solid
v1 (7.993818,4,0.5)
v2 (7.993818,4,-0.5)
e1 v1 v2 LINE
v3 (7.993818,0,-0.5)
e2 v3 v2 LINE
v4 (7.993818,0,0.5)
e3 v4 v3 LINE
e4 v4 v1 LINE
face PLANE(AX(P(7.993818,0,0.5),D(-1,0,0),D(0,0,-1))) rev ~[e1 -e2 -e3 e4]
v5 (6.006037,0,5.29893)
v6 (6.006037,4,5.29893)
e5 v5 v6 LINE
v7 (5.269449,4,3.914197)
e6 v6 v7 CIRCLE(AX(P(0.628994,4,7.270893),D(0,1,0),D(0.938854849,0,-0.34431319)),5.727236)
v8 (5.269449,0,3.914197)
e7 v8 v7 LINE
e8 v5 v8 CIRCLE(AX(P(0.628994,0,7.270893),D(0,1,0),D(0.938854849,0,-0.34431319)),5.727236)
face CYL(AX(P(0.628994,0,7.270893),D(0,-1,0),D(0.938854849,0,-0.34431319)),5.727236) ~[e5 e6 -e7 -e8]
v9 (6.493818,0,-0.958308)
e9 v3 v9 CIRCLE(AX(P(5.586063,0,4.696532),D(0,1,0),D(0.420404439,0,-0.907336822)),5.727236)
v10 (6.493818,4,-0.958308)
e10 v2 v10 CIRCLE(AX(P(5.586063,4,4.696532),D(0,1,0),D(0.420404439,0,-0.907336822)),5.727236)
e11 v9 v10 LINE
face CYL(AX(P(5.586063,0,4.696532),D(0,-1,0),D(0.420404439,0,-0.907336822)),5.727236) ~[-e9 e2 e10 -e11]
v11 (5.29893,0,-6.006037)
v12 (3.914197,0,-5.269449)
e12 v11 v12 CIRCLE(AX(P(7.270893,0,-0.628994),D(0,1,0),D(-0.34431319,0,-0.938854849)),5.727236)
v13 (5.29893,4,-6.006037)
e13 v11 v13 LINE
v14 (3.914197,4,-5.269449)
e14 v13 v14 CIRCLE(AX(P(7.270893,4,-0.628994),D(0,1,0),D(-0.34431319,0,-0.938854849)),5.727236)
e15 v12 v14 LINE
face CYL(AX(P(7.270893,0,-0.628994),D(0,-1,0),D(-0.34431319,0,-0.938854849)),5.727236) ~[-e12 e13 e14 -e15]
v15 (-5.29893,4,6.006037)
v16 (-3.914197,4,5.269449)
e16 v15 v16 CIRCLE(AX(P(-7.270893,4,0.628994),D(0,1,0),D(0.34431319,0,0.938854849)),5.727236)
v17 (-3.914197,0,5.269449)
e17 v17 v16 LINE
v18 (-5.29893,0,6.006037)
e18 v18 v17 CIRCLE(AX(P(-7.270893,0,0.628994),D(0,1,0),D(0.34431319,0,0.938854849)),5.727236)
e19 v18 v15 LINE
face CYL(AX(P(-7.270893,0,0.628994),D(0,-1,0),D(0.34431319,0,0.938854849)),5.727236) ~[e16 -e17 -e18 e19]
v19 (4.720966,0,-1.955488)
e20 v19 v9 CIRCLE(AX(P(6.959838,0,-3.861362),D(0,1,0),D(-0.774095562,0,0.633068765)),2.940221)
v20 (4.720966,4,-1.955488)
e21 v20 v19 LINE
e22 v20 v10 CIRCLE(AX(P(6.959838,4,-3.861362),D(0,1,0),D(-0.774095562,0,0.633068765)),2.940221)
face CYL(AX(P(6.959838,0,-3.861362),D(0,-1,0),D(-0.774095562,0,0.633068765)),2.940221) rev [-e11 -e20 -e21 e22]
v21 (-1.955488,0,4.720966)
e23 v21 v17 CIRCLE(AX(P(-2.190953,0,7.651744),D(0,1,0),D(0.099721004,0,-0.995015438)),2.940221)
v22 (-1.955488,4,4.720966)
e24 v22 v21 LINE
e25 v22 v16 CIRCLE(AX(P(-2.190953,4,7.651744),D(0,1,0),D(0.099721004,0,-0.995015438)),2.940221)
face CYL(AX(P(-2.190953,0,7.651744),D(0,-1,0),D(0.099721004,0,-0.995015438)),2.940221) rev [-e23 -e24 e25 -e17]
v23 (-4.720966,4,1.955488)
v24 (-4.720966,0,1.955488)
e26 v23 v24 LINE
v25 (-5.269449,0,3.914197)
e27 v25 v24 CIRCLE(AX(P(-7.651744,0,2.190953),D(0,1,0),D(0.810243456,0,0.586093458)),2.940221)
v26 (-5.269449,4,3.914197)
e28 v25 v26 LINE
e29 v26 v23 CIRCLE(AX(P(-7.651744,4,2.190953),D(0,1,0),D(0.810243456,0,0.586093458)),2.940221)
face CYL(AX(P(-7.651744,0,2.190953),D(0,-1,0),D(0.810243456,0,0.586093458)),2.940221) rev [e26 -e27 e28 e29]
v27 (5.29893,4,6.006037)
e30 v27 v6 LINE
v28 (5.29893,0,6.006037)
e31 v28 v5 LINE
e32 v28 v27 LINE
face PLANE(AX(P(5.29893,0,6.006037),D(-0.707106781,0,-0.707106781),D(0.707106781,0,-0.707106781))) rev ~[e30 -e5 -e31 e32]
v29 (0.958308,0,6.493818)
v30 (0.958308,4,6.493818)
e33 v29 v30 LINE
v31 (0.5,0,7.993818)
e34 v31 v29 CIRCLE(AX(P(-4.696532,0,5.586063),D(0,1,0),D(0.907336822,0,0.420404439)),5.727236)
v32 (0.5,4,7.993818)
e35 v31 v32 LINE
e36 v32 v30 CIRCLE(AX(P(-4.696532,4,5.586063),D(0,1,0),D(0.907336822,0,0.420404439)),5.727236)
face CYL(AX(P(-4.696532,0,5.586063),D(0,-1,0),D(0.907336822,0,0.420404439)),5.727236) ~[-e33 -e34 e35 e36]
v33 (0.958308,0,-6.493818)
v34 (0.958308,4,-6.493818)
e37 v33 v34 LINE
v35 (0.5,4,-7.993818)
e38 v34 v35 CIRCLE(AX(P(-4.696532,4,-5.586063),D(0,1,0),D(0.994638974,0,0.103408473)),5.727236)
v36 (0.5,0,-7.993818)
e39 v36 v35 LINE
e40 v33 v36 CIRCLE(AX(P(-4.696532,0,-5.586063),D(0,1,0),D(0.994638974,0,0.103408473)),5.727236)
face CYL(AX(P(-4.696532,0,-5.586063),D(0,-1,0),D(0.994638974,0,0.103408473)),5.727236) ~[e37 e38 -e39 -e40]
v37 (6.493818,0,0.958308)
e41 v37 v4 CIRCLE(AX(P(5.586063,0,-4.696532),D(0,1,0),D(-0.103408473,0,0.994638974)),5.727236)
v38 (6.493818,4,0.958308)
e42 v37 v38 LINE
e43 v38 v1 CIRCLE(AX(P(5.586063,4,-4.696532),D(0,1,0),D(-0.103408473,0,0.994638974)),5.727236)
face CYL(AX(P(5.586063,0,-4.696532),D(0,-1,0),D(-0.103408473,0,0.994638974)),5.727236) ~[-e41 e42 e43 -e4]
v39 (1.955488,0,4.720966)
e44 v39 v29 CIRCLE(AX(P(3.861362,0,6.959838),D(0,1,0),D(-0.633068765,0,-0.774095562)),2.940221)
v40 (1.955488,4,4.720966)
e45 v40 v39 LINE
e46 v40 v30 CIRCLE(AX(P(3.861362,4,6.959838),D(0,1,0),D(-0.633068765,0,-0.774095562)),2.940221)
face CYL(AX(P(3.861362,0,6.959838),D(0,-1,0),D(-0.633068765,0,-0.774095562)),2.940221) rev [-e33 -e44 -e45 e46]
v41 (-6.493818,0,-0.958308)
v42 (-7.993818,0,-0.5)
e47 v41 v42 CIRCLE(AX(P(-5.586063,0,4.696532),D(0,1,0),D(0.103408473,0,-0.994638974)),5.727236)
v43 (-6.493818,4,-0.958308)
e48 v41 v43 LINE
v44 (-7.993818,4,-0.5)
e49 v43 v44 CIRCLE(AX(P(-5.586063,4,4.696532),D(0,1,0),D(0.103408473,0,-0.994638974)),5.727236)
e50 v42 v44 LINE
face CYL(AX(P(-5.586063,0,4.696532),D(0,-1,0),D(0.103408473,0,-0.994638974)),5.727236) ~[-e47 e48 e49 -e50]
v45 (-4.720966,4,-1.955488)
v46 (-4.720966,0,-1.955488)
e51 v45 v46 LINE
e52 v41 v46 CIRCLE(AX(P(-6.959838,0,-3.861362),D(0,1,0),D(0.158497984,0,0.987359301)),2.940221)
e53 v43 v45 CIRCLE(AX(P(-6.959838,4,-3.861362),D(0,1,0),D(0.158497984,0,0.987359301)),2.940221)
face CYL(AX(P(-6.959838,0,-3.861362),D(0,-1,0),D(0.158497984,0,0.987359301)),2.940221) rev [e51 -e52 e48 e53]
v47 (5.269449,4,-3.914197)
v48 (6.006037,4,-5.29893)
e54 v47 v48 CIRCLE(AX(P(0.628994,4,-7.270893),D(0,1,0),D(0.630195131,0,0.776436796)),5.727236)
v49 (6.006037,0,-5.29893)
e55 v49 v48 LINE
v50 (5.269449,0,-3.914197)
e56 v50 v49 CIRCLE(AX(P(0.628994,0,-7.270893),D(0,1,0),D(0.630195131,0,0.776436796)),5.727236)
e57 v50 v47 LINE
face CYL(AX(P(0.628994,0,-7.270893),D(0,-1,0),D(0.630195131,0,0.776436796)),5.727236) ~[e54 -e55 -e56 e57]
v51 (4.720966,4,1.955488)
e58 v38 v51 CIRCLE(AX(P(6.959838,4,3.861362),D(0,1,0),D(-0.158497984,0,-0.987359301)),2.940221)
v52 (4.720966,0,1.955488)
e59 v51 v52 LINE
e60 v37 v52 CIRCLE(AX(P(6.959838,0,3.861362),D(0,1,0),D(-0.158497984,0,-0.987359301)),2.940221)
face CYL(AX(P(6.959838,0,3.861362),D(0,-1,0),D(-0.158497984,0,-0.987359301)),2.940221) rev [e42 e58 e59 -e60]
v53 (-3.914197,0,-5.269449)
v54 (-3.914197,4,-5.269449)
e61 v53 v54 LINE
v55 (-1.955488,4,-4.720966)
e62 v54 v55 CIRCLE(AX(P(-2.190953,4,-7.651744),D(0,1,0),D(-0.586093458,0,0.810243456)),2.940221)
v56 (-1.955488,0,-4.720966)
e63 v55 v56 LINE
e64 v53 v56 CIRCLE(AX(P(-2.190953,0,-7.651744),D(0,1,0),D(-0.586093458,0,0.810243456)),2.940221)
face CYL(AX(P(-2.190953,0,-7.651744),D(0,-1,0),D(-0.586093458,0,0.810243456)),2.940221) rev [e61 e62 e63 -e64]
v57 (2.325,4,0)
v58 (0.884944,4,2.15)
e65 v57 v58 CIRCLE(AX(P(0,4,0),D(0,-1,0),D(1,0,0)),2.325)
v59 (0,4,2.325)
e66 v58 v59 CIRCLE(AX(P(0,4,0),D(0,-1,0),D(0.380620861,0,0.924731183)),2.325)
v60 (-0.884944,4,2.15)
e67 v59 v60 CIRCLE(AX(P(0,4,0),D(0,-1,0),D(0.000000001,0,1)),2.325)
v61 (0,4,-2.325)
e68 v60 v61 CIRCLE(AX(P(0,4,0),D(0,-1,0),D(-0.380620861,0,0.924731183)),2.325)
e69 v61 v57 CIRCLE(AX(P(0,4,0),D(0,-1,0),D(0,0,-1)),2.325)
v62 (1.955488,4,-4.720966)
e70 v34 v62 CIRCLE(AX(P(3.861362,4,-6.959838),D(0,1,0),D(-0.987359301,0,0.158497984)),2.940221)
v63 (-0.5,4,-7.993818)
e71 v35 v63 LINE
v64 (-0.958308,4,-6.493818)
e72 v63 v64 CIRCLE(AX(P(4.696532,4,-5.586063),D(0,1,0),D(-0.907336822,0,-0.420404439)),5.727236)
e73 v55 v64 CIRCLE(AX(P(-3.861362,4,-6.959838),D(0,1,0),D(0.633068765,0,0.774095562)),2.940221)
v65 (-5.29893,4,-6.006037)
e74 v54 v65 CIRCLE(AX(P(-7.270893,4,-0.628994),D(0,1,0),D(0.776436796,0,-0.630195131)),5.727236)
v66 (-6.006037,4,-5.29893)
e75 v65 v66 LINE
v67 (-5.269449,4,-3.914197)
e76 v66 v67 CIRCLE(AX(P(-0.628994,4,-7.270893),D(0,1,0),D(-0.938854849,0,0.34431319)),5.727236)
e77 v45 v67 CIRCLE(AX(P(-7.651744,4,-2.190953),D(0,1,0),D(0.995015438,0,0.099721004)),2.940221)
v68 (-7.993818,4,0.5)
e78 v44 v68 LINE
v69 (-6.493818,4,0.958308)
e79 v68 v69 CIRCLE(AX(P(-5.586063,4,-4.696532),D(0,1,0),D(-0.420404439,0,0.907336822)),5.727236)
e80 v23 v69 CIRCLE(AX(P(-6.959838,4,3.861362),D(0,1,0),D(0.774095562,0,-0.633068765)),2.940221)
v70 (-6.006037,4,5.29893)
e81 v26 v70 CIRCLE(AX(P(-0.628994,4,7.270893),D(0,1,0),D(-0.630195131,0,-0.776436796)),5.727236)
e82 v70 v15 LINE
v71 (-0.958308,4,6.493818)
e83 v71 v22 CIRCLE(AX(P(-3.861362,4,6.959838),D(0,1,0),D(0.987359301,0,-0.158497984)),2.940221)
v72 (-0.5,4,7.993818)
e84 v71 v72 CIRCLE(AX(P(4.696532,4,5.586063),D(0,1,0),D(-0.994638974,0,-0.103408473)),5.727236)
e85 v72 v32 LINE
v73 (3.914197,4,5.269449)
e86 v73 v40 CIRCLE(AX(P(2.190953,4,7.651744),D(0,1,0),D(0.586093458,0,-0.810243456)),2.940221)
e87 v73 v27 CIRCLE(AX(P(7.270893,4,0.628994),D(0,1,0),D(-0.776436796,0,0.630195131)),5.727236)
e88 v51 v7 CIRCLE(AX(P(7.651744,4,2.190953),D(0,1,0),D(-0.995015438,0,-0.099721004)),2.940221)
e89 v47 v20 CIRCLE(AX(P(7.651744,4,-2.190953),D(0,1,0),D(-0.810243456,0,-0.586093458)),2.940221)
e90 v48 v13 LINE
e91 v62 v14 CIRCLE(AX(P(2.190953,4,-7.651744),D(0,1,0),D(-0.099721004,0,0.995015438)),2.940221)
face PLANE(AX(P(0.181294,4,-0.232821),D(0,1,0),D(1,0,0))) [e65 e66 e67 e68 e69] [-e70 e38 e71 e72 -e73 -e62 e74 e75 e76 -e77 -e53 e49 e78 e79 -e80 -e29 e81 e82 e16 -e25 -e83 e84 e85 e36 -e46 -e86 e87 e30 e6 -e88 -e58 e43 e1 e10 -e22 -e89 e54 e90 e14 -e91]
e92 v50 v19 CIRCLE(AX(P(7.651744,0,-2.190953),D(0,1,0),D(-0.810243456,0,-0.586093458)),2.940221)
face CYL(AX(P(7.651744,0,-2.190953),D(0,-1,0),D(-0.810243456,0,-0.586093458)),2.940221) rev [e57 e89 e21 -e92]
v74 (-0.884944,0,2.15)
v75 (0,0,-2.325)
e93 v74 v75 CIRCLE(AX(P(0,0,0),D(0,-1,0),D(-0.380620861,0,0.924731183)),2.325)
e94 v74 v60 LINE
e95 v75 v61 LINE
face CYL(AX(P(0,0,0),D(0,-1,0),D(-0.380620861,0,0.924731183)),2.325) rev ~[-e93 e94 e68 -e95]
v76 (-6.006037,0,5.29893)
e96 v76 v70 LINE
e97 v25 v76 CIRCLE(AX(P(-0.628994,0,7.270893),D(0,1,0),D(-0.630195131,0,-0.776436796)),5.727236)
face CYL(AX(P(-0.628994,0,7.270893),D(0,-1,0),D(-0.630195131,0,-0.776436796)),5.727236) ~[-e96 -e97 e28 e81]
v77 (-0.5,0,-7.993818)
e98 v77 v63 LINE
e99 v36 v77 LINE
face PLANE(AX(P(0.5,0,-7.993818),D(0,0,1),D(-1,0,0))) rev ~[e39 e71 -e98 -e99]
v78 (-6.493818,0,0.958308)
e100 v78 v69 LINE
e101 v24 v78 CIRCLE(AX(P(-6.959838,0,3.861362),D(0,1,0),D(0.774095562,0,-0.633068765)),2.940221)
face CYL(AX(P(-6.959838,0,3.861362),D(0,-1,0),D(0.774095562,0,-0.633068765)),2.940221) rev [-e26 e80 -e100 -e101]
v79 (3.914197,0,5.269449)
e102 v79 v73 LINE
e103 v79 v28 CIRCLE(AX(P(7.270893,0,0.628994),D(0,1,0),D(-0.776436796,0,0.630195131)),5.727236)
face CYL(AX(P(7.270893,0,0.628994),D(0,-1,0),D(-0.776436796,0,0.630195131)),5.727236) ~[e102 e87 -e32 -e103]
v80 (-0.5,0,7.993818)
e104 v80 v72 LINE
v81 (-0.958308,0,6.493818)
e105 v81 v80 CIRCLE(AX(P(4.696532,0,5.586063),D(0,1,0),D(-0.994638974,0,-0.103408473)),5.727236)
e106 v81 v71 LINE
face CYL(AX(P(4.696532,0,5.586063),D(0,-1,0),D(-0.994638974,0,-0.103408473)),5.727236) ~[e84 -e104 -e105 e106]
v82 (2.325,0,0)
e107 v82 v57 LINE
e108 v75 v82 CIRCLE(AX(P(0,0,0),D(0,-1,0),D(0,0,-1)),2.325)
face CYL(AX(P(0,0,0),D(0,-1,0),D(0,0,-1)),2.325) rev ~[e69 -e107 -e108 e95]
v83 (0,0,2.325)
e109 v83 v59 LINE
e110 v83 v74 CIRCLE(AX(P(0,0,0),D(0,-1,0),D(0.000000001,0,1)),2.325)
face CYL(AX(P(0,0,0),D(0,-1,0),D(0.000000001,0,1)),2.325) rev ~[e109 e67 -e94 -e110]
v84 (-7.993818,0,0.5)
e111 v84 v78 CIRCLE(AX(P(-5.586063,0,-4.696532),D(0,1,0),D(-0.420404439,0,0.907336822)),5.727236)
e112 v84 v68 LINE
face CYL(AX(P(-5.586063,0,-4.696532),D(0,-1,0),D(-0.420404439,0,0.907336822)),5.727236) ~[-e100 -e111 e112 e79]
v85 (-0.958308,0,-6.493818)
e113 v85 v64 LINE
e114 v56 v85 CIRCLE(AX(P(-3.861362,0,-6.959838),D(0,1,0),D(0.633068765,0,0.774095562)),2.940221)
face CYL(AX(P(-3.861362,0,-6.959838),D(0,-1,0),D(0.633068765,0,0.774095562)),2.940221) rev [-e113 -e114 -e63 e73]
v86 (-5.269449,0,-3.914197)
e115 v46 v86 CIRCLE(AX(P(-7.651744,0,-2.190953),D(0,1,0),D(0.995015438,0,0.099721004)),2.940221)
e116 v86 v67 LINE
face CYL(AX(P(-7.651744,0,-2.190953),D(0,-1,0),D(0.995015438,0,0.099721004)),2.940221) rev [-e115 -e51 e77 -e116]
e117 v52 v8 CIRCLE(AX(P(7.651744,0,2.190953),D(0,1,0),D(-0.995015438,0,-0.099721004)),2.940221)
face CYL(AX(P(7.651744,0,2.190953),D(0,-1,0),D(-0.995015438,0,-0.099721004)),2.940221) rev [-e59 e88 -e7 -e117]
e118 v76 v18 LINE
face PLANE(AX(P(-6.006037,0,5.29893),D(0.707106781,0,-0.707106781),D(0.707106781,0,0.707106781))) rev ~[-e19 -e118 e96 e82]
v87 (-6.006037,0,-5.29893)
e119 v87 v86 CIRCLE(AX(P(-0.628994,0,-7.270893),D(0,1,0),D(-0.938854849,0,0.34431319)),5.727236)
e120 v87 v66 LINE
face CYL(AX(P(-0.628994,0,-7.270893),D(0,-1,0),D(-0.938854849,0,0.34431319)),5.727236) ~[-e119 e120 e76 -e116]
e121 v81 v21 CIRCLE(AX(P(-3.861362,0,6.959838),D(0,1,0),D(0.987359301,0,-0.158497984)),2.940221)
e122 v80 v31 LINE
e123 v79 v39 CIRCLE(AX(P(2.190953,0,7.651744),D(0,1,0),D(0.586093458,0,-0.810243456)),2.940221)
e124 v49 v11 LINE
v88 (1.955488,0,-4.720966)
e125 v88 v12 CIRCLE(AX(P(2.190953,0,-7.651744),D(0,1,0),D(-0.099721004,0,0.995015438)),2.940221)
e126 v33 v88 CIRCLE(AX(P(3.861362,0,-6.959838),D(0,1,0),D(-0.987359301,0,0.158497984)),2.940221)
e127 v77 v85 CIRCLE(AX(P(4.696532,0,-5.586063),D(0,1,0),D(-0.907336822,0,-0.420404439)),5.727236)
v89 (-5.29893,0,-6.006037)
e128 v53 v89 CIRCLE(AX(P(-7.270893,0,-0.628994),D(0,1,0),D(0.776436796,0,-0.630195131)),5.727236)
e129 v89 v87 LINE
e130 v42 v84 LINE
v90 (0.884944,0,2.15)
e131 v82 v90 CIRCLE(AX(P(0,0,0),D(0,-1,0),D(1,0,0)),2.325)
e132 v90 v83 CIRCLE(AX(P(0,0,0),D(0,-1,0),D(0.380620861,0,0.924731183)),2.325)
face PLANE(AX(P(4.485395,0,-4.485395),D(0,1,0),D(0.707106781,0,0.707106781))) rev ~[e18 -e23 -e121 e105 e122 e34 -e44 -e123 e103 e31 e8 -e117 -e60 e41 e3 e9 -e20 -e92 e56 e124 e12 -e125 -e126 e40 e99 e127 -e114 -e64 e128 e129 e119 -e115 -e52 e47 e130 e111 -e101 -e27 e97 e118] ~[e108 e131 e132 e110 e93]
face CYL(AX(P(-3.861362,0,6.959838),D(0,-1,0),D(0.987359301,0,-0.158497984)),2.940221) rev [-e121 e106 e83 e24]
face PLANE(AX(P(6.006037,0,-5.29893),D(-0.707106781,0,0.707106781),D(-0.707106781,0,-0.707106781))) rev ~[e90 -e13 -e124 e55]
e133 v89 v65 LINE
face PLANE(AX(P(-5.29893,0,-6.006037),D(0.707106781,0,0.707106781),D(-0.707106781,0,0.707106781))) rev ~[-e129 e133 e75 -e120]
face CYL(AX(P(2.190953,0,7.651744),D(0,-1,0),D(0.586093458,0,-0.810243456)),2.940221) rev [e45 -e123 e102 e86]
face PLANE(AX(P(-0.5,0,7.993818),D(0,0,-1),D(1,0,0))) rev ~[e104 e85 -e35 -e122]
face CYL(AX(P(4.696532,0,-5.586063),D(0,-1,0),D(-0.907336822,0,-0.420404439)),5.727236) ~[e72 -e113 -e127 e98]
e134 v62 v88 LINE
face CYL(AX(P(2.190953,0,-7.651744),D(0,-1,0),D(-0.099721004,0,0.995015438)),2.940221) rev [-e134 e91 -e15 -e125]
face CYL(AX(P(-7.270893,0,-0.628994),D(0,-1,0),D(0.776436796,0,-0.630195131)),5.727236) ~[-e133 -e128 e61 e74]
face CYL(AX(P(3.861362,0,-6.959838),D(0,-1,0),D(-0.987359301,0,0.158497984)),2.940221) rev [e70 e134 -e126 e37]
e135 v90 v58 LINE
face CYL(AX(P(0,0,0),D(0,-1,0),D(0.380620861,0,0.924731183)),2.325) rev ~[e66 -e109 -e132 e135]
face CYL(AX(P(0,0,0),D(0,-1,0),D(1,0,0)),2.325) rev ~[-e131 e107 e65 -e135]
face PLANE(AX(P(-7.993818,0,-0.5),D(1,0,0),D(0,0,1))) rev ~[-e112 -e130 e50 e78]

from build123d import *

# Parameters (mm, degrees)
BOSS_EXTRUDE1_DEPTH = 4
CIRPATTERN2_COUNT   = 8
BOSS_EXTRUDE3_DEPTH = 4


with BuildPart() as part:
    # Sketch1 → Boss-Extrude1 (new body)
    with BuildSketch(Plane(origin=(0, 0, 0), x_dir=(1, 0, 0), z_dir=(0, 1, 0))):
        with BuildLine():
            Line((0.5, 7.99381848), (-0.5, 7.99381848))
            ThreePointArc((-0.5, 7.99381848), (-0.952778657, 6.527614923), (-1, 4.99381848))
            Line((-1, 4.99381848), (1, 4.99381848))
            ThreePointArc((1, 4.99381848), (0.952778657, 6.527614923), (0.5, 7.99381848))
        make_face()
        with BuildLine():
            Line((0, 6.49381848), (0.9583076, 6.49381848))
            ThreePointArc((0.9583076, 6.49381848), (1.313042081, 5.493220974), (2, 4.683825681))
            Line((2, 4.683825681), (-2, 4.683825681))
            ThreePointArc((-2, 4.683825681), (-1.313042081, 5.493220974), (-0.9583076, 6.49381848))
            Line((-0.9583076, 6.49381848), (0, 6.49381848))
        make_face()
    boss_extrude1 = extrude(amount=BOSS_EXTRUDE1_DEPTH)

    # CirPattern2: Boss-Extrude1 ×8 about axis
    cirpattern2_axis = Axis((0, 0, 0), (0, 1, 0))
    for i in range(1, CIRPATTERN2_COUNT):
        add(boss_extrude1.rotate(cirpattern2_axis, i * 360 / CIRPATTERN2_COUNT))

    # Sketch1<5> → Boss-Extrude3 (add)
    with BuildSketch(Plane(origin=(0, 0, 0), x_dir=(1, 0, 0), z_dir=(0, 1, 0))):
        with BuildLine():
            ThreePointArc((5.092958179, 0), (4.249949374, 2.806448526), (2, 4.683825681))
            Line((2, 4.683825681), (-2, 4.683825681))
            ThreePointArc((-2, 4.683825681), (-2.806448526, -4.249949374), (5.092958179, 0))
        make_face()
        with BuildLine():
            ThreePointArc((0.884943501, -2.15), (0.451040464, -2.280830441), (0, -2.325))
            ThreePointArc((0, -2.325), (-0.451040464, -2.280830441), (-0.884943501, -2.15))
            ThreePointArc((-0.884943501, -2.15), (-2.280830441, 0.451040464), (0, 2.325))
            ThreePointArc((0, 2.325), (1.644023266, 1.644023266), (2.325, 0))
            ThreePointArc((2.325, 0), (1.931724442, -1.293856901), (0.884943501, -2.15))
        make_face(mode=Mode.SUBTRACT)
    extrude(amount=BOSS_EXTRUDE3_DEPTH)


solid = part.part
